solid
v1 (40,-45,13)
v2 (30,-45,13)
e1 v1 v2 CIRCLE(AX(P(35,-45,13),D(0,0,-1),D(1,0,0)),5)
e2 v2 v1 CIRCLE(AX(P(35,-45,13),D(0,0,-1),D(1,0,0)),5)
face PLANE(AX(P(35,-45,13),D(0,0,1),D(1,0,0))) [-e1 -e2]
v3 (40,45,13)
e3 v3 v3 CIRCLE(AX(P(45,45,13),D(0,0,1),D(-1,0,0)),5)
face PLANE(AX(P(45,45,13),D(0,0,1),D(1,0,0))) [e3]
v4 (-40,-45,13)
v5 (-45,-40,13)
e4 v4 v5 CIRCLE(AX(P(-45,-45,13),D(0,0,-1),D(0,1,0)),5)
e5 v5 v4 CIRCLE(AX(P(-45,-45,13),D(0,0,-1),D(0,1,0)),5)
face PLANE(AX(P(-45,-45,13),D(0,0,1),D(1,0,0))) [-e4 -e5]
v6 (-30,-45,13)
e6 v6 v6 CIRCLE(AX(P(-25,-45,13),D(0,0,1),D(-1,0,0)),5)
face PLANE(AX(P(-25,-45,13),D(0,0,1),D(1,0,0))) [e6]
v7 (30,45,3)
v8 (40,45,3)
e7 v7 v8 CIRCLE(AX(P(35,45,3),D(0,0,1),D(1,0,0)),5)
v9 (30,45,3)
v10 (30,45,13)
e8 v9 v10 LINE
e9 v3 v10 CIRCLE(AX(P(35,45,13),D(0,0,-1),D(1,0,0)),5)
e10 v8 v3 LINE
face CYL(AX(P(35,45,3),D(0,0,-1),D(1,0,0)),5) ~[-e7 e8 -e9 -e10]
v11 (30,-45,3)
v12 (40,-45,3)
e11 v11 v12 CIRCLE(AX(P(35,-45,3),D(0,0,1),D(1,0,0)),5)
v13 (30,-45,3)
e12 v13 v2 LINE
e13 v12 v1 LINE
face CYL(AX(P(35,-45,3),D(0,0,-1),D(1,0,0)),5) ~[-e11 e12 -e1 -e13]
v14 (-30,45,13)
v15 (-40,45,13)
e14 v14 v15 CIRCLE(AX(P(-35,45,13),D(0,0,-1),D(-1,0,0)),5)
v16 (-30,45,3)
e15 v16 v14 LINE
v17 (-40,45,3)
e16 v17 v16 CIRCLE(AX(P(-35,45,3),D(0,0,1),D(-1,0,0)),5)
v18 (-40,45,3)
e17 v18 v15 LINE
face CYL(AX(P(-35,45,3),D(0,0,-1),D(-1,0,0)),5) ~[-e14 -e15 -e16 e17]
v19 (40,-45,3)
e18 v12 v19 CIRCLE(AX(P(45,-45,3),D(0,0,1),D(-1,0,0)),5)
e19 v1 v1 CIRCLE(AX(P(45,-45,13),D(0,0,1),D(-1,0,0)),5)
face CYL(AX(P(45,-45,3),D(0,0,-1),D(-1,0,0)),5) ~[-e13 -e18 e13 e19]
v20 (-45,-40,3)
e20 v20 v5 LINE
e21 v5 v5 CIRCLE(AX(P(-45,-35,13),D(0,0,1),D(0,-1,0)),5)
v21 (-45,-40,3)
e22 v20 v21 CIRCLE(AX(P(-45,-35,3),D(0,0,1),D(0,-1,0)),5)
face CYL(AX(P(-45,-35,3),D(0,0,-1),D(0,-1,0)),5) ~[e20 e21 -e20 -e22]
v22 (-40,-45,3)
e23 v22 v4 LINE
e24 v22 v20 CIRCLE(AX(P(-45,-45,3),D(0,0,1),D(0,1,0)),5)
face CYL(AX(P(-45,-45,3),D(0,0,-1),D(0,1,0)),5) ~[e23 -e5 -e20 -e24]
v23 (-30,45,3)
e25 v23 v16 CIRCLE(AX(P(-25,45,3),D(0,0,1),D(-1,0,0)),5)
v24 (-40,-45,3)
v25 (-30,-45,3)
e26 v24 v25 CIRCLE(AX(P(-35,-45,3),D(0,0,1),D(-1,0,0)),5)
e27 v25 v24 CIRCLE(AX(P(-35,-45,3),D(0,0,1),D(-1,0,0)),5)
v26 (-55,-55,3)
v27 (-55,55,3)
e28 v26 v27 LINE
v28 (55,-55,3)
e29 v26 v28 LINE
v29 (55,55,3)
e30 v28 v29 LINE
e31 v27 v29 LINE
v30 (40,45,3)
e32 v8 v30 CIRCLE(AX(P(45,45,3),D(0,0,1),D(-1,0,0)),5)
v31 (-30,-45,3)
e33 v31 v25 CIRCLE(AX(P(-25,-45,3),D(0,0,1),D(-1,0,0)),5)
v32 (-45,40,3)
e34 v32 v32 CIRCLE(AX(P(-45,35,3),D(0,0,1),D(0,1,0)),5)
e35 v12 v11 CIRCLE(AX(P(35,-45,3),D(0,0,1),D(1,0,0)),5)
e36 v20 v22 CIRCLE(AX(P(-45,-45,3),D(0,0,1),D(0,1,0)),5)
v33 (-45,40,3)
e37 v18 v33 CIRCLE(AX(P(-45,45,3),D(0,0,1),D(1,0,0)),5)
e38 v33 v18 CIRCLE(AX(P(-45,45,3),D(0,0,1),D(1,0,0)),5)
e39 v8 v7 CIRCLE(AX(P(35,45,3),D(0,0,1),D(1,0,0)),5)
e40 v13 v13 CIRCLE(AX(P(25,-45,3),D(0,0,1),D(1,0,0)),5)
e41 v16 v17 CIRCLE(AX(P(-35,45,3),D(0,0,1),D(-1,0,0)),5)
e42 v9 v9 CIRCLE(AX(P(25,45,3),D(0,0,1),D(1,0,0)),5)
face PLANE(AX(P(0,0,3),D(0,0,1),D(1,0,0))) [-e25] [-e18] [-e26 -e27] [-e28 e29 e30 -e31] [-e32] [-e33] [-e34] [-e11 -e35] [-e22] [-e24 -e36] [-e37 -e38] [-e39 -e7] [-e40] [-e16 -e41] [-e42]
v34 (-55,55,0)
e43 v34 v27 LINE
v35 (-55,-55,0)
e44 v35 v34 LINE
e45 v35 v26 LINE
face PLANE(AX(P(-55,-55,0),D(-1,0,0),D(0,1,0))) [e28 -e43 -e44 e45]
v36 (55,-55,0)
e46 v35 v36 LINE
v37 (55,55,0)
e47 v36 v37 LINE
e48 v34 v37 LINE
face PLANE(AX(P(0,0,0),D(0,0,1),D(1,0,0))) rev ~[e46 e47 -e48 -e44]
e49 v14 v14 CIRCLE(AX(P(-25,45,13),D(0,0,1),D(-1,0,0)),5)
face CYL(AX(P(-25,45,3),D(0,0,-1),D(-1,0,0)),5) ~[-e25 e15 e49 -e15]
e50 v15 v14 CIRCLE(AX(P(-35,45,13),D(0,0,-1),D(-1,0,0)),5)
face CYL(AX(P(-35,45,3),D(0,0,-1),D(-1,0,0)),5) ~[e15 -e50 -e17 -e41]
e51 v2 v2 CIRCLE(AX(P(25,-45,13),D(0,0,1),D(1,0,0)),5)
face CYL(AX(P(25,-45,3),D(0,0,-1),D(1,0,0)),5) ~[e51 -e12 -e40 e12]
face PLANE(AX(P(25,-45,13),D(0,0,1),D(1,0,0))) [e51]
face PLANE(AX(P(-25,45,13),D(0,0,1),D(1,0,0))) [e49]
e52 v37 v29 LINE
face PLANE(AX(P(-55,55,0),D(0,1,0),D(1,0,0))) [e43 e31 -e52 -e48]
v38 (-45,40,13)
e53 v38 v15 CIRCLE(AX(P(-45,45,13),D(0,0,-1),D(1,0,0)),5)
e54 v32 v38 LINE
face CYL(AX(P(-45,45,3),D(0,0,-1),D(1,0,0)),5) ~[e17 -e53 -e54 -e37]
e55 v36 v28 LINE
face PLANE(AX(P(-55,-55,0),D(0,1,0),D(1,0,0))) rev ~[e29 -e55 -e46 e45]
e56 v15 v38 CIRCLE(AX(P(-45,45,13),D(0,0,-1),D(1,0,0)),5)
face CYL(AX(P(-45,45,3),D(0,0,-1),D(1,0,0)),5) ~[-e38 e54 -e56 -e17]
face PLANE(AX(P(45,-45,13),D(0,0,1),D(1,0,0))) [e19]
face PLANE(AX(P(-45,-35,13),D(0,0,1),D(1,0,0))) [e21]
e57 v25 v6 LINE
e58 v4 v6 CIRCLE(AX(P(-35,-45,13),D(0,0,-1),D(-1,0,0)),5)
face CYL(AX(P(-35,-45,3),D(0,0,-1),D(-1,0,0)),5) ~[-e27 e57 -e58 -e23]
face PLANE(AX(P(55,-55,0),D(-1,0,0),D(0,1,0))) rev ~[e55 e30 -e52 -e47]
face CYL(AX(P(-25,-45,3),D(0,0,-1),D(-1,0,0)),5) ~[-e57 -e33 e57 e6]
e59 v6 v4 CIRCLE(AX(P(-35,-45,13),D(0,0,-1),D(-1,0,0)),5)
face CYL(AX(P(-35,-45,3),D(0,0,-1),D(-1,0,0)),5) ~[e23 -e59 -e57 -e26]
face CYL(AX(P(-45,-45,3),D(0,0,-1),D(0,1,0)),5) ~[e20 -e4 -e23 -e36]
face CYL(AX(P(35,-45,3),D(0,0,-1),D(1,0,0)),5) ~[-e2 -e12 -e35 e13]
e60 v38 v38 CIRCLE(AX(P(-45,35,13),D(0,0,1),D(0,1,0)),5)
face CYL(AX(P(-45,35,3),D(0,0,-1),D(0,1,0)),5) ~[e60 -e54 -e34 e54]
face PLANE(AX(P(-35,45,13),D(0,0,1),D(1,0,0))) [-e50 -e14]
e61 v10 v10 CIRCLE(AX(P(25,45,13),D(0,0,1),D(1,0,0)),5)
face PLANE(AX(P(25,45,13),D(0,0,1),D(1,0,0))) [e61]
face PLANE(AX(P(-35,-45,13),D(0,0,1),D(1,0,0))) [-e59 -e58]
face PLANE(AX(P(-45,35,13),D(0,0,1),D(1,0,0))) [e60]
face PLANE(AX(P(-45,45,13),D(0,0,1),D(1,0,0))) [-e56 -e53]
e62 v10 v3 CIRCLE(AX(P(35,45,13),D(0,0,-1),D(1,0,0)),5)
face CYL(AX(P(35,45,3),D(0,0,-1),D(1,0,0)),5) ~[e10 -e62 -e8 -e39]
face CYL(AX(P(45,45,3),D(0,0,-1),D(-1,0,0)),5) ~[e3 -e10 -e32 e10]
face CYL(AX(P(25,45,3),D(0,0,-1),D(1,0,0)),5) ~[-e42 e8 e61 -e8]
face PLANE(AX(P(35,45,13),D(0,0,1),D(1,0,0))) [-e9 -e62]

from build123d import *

# Parameters (mm, degrees)
SKETCH_W     = 110
SKETCH_H     = 110
PAD_DEPTH    = 3
SKETCH001_R  = 5
PAD001_DEPTH = 10


with BuildPart() as part:
    # Sketch → Pad (new body)
    with BuildSketch(Plane.XY):
        Rectangle(SKETCH_W, SKETCH_H)
    extrude(amount=PAD_DEPTH)

    # Sketch001 (on Face6 of Pad) → Pad001 (join)
    with BuildSketch(Plane.XY.offset(3)):
        with Locations((-45, 45)):
            Circle(SKETCH001_R)
        with Locations((45, 45)):
            Circle(SKETCH001_R)
        with Locations((45, -45)):
            Circle(SKETCH001_R)
        with Locations((-45, -45)):
            Circle(SKETCH001_R)
        with Locations((-35, 45)):
            Circle(SKETCH001_R)
        with Locations((-25, 45)):
            Circle(SKETCH001_R)
        with Locations((-45, 35)):
            Circle(SKETCH001_R)
        with Locations((35, 45)):
            Circle(SKETCH001_R)
        with Locations((25, 45)):
            Circle(SKETCH001_R)
        with Locations((-45, -35)):
            Circle(SKETCH001_R)
        with Locations((-35, -45)):
            Circle(SKETCH001_R)
        with Locations((-25, -45)):
            Circle(SKETCH001_R)
        with Locations((35, -45)):
            Circle(SKETCH001_R)
        with Locations((25, -45)):
            Circle(SKETCH001_R)
    extrude(amount=PAD001_DEPTH)


solid = part.part
